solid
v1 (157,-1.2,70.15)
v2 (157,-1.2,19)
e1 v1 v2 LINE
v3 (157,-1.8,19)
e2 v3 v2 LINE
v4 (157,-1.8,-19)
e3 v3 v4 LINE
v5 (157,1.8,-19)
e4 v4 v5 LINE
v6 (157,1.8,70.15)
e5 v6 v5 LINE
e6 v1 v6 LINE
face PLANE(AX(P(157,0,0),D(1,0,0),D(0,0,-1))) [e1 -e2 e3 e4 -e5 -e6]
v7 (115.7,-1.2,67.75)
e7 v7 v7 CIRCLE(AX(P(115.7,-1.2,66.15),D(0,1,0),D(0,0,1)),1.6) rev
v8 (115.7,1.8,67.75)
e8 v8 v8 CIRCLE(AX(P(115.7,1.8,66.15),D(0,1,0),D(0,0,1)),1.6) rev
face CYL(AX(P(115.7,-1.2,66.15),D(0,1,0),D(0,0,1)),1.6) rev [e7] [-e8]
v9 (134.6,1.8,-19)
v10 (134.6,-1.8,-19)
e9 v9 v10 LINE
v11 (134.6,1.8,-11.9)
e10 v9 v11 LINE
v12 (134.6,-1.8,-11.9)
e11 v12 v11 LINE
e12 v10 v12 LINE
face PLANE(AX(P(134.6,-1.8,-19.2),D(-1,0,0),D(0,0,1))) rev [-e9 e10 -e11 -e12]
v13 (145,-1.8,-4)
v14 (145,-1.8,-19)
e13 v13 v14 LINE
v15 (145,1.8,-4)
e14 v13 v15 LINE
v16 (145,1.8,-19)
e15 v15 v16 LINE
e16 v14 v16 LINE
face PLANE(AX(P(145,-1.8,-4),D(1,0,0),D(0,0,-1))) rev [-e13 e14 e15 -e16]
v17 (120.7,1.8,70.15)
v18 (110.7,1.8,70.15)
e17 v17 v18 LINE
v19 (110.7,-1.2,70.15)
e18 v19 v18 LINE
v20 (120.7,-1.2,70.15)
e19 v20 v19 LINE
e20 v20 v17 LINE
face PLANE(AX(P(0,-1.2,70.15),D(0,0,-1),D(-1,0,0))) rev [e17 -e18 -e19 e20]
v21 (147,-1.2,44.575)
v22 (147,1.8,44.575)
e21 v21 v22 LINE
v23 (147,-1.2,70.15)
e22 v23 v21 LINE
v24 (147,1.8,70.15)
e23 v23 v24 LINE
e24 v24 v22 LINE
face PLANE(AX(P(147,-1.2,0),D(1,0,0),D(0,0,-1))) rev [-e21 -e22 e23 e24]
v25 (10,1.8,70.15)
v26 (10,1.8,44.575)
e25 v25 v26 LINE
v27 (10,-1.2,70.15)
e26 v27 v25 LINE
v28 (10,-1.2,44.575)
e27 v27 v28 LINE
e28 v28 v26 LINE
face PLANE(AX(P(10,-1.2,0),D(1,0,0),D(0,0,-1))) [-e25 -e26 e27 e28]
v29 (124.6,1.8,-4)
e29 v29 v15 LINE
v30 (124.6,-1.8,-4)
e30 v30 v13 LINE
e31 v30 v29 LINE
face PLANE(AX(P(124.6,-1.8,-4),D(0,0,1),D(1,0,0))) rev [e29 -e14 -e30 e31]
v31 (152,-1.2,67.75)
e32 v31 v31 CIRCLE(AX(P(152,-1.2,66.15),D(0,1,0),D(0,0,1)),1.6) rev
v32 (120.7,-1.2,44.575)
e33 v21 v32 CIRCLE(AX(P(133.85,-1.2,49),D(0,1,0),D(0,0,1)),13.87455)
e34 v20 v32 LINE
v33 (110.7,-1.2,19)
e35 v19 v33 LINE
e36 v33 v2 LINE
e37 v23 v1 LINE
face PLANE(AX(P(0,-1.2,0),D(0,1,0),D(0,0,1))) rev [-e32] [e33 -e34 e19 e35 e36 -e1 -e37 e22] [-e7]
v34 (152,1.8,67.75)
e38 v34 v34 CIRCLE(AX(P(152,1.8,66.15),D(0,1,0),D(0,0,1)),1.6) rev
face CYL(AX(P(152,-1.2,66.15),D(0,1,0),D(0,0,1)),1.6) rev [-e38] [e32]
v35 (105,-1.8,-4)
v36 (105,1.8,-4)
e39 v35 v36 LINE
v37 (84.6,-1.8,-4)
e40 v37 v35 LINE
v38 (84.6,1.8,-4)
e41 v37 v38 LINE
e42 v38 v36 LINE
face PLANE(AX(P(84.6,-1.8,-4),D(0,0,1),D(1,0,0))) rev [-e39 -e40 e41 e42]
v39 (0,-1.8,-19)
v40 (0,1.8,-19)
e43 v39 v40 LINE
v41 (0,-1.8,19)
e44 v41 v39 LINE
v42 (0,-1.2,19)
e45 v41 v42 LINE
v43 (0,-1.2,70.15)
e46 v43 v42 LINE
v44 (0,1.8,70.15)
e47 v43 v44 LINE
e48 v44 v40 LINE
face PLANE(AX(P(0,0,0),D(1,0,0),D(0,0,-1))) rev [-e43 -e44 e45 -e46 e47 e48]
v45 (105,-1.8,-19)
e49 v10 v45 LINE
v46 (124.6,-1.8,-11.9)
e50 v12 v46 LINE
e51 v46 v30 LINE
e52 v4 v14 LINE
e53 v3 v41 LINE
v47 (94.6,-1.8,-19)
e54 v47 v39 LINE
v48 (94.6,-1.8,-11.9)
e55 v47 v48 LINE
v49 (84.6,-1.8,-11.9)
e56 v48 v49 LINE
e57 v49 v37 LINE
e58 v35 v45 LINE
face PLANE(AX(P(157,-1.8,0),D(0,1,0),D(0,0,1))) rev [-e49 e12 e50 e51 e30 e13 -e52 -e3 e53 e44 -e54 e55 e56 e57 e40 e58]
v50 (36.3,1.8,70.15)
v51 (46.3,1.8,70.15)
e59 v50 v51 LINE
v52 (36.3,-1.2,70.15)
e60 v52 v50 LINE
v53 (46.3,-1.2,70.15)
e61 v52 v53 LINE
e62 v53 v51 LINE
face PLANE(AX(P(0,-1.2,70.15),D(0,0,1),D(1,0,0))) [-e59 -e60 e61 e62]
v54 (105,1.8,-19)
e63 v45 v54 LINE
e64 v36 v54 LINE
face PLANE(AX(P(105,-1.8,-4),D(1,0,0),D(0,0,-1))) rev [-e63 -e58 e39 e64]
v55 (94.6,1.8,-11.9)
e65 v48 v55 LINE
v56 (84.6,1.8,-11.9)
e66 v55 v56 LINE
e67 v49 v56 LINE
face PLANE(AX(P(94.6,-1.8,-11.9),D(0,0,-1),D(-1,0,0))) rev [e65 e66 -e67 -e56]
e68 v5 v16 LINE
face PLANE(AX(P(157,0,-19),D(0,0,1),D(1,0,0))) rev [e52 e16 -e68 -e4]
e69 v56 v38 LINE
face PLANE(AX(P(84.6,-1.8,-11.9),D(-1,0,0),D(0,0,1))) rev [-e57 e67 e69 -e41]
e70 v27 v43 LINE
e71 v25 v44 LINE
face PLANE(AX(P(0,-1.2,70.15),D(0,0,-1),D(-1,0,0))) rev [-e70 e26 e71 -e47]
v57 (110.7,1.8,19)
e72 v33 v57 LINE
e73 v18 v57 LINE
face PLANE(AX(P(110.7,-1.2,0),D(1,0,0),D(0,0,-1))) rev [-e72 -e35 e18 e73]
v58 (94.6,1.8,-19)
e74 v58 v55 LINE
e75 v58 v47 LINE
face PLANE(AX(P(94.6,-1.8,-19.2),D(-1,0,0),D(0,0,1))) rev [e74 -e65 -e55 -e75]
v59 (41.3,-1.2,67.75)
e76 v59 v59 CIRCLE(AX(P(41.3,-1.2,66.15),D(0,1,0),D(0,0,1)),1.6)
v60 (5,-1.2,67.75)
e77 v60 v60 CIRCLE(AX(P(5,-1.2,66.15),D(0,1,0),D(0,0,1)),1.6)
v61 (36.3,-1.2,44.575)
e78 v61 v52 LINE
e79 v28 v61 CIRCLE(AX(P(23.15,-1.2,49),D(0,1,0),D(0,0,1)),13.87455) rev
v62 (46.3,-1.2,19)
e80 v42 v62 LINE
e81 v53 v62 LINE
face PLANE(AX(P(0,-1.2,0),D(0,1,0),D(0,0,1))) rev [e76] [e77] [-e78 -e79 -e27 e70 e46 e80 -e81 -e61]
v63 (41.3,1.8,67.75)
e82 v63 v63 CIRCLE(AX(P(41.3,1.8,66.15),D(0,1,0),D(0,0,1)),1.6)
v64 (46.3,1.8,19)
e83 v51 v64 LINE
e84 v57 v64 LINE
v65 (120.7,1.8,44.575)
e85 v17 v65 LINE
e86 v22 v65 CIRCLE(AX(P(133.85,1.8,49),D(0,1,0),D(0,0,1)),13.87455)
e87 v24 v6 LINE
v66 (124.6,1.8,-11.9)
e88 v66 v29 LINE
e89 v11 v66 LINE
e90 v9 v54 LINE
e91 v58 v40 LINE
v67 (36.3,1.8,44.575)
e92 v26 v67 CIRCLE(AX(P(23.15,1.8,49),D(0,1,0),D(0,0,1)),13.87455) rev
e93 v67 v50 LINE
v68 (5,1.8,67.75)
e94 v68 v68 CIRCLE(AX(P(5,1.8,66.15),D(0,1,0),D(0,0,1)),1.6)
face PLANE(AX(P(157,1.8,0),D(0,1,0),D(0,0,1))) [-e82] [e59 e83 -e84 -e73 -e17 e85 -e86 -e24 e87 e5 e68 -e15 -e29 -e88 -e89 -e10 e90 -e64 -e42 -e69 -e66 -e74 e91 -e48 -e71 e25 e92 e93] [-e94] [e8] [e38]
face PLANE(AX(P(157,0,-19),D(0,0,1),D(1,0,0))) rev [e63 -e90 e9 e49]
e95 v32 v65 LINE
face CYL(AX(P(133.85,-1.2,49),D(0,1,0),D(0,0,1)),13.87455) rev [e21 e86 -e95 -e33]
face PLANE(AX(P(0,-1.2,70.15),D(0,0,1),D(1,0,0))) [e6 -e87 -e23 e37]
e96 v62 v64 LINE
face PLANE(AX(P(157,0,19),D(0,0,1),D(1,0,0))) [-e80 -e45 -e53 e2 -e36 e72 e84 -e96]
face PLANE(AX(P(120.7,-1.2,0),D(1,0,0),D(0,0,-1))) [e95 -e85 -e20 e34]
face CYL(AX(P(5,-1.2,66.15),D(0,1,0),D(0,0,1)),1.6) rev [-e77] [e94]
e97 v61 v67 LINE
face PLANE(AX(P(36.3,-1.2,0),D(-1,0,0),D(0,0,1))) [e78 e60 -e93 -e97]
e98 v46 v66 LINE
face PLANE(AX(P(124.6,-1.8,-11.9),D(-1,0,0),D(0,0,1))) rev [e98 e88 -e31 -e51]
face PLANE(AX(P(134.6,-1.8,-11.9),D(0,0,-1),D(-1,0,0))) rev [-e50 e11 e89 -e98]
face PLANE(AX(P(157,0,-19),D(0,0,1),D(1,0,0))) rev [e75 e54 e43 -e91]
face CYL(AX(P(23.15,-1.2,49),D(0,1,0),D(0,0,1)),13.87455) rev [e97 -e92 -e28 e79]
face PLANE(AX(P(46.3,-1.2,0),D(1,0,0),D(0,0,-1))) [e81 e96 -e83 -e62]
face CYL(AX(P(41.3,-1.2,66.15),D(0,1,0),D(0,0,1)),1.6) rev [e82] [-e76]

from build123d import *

# Parameters (mm, degrees)
SKETCH_1_W          = 38
SKETCH_1_H          = 3.6
EXTRUDE_1_DEPTH     = 157
SKETCH_2_R          = 1.6
EXTRUDE_2_DEPTH     = 3
CUT_EXTRUDE_1_DEPTH = 172.997042126


with BuildPart() as part:
    # 草图1 → 凸台-拉伸1 (new body)
    with BuildSketch(Plane(origin=(0, 0, 0), x_dir=(0, 0, -1), z_dir=(1, 0, 0))):
        Rectangle(SKETCH_1_W, SKETCH_1_H)
    extrude(amount=EXTRUDE_1_DEPTH)

    # 草图2 → 凸台-拉伸2 (add)
    # profile 1 of 2: a face of its own
    with BuildSketch(Plane(origin=(0, 1.8, 0), x_dir=(1, 0, 0), z_dir=(0, 1, 0))):
        with BuildLine():
            Line((36.3, -19), (10, -19))
            Line((10, -19), (0, -19))
            Line((0, -19), (0, -70.15))
            Line((0, -70.15), (10, -70.15))
            Line((10, -70.15), (10, -49))
            Line((10, -49), (10, -44.575))
            ThreePointArc((10, -44.575), (23.15, -35.125450458), (36.3, -44.575))
            Line((36.3, -44.575), (36.3, -49))
            Line((36.3, -49), (36.3, -70.15))
            Line((36.3, -70.15), (46.3, -70.15))
            Line((46.3, -70.15), (46.3, -19))
            Line((46.3, -19), (36.3, -19))
        make_face()
        with Locations(Location((5, -66.15, 0), (0, 0, 270))):
            Circle(SKETCH_2_R, mode=Mode.SUBTRACT)
        with Locations(Location((41.3, -66.15, 0), (0, 0, 270))):
            Circle(SKETCH_2_R, mode=Mode.SUBTRACT)
    # profile 2 of 2: a face of its own
    with BuildSketch(Plane(origin=(0, 1.8, 0), x_dir=(1, 0, 0), z_dir=(0, 1, 0))):
        with BuildLine():
            Line((120.7, -49), (120.7, -44.575))
            ThreePointArc((120.7, -44.575), (133.85, -35.125450458), (147, -44.575))
            Line((147, -44.575), (147, -49))
            Line((147, -49), (147, -70.15))
            Line((147, -70.15), (157, -70.15))
            Line((157, -70.15), (157, -19))
            Line((157, -19), (147, -19))
            Line((147, -19), (120.7, -19))
            Line((120.7, -19), (110.7, -19))
            Line((110.7, -19), (110.7, -70.15))
            Line((110.7, -70.15), (120.7, -70.15))
            Line((120.7, -70.15), (120.7, -49))
        make_face()
        with Locations(Location((115.7, -66.15, 0), (0, 0, 270))):
            Circle(SKETCH_2_R, mode=Mode.SUBTRACT)
        with Locations(Location((152, -66.15, 0), (0, 0, 270))):
            Circle(SKETCH_2_R, mode=Mode.SUBTRACT)
    extrude(amount=-EXTRUDE_2_DEPTH)

    # 草图4 → 切除-拉伸1 (cut, through all)
    with BuildSketch(Plane(origin=(0, 1.8, 0), x_dir=(1, 0, 0), z_dir=(0, 1, 0))):
        Polygon((105, 19.2), (94.6, 19.2), (94.6, 11.9), (84.6, 11.9), (84.6, 4), (105, 4), align=None)
        Polygon((145, 19.2), (134.6, 19.2), (134.6, 11.9), (124.6, 11.9), (124.6, 4), (145, 4), align=None)
    extrude(amount=-CUT_EXTRUDE_1_DEPTH, mode=Mode.SUBTRACT)


solid = part.part
